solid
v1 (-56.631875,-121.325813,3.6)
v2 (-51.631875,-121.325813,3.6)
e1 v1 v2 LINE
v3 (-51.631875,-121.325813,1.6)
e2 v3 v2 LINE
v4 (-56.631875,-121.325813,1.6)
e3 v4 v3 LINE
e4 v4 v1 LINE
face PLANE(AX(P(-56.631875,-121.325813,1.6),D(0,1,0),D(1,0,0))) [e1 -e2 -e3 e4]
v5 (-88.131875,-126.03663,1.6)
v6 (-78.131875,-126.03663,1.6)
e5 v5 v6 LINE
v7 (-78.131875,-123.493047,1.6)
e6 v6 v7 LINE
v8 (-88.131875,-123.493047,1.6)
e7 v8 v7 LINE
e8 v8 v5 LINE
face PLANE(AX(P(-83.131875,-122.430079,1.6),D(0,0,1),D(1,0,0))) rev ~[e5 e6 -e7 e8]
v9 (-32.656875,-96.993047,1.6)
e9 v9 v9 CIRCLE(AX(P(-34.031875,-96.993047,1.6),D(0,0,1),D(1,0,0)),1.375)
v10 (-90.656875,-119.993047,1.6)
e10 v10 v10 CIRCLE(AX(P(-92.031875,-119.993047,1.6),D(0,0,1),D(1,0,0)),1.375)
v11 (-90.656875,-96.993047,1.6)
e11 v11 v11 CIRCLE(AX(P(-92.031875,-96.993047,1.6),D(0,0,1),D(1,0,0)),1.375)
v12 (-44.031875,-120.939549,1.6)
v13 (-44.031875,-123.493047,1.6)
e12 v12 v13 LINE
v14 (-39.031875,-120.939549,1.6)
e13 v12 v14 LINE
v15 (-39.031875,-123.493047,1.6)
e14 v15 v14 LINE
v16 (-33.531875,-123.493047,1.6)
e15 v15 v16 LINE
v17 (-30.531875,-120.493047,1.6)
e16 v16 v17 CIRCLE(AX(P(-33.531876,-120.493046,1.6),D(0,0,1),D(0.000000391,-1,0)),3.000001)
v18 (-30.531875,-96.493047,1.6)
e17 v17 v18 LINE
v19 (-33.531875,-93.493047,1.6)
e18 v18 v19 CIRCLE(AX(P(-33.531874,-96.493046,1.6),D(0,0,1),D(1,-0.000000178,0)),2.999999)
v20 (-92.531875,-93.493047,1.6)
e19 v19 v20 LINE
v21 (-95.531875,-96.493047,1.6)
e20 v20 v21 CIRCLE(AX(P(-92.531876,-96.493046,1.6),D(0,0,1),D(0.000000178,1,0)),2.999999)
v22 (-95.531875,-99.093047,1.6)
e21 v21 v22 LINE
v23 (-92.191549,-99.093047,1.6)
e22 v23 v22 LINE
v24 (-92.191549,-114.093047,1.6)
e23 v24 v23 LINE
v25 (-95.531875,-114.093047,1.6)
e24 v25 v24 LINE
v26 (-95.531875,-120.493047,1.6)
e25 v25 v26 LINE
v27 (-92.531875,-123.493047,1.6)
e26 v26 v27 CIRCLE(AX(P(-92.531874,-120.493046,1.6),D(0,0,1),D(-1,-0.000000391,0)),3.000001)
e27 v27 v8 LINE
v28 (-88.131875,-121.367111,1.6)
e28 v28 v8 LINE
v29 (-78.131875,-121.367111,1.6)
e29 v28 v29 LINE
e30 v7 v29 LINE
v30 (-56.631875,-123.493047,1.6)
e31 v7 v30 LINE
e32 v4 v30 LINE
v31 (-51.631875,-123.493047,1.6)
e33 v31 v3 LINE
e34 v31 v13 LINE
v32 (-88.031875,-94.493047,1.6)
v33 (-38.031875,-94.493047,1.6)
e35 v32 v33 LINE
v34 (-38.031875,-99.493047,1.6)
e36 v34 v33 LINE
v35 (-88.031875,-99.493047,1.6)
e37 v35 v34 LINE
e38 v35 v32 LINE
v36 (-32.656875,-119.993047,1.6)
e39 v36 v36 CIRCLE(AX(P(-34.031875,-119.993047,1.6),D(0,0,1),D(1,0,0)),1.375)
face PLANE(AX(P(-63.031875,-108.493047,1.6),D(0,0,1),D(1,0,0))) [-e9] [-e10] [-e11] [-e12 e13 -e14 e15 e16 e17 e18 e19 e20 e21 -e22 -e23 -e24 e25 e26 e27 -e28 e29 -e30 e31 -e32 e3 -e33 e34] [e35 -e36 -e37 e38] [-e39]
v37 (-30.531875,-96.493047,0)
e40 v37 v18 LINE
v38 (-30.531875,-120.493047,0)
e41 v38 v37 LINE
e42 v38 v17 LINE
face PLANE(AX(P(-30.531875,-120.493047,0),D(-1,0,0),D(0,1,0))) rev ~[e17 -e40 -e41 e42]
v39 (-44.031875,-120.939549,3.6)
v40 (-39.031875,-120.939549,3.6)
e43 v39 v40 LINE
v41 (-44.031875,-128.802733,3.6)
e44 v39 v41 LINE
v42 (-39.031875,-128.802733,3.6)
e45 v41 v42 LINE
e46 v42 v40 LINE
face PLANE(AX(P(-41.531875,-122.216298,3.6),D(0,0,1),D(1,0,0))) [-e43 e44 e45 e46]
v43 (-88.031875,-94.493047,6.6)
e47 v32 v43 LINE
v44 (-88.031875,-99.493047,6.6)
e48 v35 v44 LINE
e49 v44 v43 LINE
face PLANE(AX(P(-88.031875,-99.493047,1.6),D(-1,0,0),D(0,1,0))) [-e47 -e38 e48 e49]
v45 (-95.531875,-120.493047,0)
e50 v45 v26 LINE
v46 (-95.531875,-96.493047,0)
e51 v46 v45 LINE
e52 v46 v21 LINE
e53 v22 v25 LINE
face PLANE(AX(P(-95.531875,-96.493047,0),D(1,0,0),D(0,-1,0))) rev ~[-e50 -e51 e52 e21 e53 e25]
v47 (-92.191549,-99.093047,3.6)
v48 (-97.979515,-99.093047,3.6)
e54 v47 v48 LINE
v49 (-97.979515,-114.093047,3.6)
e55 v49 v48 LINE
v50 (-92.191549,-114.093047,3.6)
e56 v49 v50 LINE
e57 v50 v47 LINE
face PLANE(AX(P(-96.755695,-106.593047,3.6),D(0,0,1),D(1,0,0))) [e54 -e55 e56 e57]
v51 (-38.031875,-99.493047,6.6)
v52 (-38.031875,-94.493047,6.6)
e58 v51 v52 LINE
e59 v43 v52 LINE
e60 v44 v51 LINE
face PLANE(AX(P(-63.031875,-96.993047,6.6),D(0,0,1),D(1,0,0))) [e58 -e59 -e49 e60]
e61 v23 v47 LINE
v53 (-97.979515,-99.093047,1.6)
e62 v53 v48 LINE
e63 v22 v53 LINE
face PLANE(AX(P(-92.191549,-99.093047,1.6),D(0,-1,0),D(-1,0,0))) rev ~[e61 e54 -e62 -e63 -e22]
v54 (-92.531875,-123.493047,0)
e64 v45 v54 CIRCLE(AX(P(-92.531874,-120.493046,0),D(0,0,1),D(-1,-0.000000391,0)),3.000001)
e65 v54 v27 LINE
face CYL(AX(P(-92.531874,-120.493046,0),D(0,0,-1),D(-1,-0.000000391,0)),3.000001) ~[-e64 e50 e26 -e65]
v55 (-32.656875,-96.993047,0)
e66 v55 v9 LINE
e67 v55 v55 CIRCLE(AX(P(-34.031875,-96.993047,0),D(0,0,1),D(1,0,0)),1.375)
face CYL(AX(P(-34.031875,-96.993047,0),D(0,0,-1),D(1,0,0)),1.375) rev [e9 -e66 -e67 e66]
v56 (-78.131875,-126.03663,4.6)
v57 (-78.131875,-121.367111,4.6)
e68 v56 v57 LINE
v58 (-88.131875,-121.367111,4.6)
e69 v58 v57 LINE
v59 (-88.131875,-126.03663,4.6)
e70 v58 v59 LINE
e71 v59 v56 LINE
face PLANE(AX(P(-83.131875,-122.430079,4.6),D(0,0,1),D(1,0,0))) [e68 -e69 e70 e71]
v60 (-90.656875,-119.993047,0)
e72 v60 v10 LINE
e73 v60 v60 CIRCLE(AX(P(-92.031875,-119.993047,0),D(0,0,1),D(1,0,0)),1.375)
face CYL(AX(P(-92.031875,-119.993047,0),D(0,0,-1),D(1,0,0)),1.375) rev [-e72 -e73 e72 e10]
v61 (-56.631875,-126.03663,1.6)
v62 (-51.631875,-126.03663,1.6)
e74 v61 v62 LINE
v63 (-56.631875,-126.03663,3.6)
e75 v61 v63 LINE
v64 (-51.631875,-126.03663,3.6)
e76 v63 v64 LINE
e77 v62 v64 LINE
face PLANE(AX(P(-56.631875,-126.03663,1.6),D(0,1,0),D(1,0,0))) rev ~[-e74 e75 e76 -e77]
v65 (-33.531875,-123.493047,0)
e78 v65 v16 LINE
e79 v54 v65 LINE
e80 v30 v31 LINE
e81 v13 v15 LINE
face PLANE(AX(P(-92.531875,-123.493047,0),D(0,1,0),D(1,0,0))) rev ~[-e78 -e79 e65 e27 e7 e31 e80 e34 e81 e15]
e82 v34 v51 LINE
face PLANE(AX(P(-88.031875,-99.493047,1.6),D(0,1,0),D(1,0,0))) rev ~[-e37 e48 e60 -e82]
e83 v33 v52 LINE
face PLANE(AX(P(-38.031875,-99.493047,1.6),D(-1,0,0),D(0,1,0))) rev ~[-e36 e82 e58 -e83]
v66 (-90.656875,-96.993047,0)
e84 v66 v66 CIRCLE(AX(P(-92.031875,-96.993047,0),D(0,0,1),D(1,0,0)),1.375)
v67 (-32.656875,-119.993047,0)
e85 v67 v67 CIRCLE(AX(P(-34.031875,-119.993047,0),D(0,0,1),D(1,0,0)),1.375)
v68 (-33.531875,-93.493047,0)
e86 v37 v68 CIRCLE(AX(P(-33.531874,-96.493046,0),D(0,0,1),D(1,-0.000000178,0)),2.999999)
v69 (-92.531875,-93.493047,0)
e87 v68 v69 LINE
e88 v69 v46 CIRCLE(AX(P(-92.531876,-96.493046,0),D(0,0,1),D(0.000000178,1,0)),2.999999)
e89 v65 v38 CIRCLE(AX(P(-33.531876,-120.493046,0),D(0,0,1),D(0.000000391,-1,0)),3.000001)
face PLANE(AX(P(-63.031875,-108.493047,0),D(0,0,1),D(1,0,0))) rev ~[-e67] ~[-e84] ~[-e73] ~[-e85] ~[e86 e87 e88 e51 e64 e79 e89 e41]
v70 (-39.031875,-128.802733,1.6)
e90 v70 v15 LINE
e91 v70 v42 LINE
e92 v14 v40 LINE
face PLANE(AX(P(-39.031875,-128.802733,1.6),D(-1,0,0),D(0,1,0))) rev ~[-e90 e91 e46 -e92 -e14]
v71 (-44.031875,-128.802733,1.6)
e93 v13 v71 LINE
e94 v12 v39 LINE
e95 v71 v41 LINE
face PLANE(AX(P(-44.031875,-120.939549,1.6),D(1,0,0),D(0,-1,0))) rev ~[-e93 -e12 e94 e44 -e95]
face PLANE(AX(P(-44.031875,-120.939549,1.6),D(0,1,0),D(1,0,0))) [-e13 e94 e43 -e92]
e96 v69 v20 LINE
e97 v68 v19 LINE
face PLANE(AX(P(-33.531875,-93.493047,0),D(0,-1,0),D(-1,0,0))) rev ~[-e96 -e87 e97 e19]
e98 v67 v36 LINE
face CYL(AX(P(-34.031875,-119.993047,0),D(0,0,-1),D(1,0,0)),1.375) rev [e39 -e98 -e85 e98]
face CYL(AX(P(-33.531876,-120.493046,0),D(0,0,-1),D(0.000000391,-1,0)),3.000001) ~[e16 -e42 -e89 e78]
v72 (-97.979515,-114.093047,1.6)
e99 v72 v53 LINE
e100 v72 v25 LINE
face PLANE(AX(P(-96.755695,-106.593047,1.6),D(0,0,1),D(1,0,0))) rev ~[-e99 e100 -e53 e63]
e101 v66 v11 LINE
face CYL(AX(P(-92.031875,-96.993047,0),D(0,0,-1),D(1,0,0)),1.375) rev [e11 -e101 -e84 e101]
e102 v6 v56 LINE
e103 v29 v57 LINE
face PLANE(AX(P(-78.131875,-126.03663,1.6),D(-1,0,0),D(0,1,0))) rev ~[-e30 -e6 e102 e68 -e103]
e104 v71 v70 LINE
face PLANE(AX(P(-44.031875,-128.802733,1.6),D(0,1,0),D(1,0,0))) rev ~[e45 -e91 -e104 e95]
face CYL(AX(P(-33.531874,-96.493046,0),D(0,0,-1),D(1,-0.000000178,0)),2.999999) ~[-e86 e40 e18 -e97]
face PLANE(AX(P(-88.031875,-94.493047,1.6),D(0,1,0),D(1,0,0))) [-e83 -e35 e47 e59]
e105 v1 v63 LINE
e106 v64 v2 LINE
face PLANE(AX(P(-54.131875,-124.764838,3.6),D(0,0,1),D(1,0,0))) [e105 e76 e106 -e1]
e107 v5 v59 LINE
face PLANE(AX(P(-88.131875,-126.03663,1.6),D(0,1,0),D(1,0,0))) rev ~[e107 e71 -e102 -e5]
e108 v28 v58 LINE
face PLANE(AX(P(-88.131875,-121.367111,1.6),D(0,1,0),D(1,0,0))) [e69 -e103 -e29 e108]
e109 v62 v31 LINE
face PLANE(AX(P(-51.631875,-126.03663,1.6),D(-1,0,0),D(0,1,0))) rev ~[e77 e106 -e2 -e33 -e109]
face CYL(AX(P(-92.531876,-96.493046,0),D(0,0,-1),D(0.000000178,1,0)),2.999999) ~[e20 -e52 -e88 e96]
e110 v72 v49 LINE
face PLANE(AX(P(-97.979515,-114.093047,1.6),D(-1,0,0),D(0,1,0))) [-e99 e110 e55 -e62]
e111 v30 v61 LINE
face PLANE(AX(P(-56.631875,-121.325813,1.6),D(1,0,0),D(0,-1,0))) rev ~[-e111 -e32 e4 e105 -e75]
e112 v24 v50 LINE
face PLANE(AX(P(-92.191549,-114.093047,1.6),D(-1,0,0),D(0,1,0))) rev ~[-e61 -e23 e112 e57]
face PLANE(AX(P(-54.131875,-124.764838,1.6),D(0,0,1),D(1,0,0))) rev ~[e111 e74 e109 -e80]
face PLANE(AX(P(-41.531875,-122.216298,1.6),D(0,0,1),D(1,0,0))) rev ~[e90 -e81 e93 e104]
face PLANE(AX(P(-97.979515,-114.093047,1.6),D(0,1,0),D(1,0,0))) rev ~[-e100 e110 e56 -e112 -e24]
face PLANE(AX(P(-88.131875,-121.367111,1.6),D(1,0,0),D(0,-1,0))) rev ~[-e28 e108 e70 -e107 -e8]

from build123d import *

# Parameters (mm, degrees)
F0_R     = 1.375
F1_DEPTH = 1.6
F2_W     = 2.44764
F2_H     = 15
F2_W_2   = 3.340326
F3_DEPTH = 2
F2_W_3   = 50
F2_H_2   = 5
F4_DEPTH = 5
F2_W_4   = 5
F2_H_3   = 2.543583
F2_H_4   = 2.167234
F2_H_5   = 2.553497
F2_H_6   = 5.309687
F5_DEPTH = 2
F2_W_5   = 10
F2_H_7   = 2.125936
F6_DEPTH = 3


with BuildPart() as f1:
    # F0 (on Top) → F1 (new body)
    with BuildSketch(Plane.XY):
        with BuildLine():
            Line((-33.531875, -93.493047), (-92.531875, -93.493047))
            ThreePointArc((-92.531875, -93.493047), (-94.653195, -94.371726), (-95.531875, -96.493047))
            Line((-95.531875, -96.493047), (-95.531875, -120.493047))
            ThreePointArc((-95.531875, -120.493047), (-94.653195, -122.614367), (-92.531875, -123.493047))
            Line((-92.531875, -123.493047), (-33.531875, -123.493047))
            ThreePointArc((-33.531875, -123.493047), (-31.410555, -122.614367), (-30.531875, -120.493047))
            Line((-30.531875, -120.493047), (-30.531875, -96.493047))
            ThreePointArc((-30.531875, -96.493047), (-31.410555, -94.371726), (-33.531875, -93.493047))
        make_face()
        with Locations((-92.031875, -119.993047)):
            Circle(F0_R, mode=Mode.SUBTRACT)
        with Locations((-34.031875, -119.993047)):
            Circle(F0_R, mode=Mode.SUBTRACT)
        with Locations((-92.031875, -96.993047)):
            Circle(F0_R, mode=Mode.SUBTRACT)
        with Locations((-34.031875, -96.993047)):
            Circle(F0_R, mode=Mode.SUBTRACT)
    extrude(amount=F1_DEPTH)

    # F2 (on face) → F3 (join)
    with BuildSketch(Plane.XY.offset(1.6)):
        with Locations((-96.755695, -106.593047)):
            Rectangle(F2_W, F2_H)
        with Locations((-93.861712, -106.593047)):
            Rectangle(F2_W_2, F2_H)
    extrude(amount=F3_DEPTH)

    # F2 (on face) → F4 (join)
    with BuildSketch(Plane.XY.offset(1.6)):
        with Locations((-63.031875, -96.993047)):
            Rectangle(F2_W_3, F2_H_2)
    extrude(amount=F4_DEPTH)

    # F2 (on face) → F5 (join)
    with BuildSketch(Plane.XY.offset(1.6)):
        with Locations((-54.131875, -124.764838)):
            Rectangle(F2_W_4, F2_H_3)
        with Locations((-54.131875, -122.40943)):
            Rectangle(F2_W_4, F2_H_4)
        with Locations((-41.531875, -122.216298)):
            Rectangle(F2_W_4, F2_H_5)
        with Locations((-41.531875, -126.14789)):
            Rectangle(F2_W_4, F2_H_6)
    extrude(amount=F5_DEPTH)

    # F2 (on face) → F6 (join)
    with BuildSketch(Plane.XY.offset(1.6)):
        with Locations((-83.131875, -122.430079)):
            Rectangle(F2_W_5, F2_H_7)
        with Locations((-83.131875, -124.764838)):
            Rectangle(F2_W_5, F2_H_3)
    extrude(amount=F6_DEPTH)


solid = f1.part
